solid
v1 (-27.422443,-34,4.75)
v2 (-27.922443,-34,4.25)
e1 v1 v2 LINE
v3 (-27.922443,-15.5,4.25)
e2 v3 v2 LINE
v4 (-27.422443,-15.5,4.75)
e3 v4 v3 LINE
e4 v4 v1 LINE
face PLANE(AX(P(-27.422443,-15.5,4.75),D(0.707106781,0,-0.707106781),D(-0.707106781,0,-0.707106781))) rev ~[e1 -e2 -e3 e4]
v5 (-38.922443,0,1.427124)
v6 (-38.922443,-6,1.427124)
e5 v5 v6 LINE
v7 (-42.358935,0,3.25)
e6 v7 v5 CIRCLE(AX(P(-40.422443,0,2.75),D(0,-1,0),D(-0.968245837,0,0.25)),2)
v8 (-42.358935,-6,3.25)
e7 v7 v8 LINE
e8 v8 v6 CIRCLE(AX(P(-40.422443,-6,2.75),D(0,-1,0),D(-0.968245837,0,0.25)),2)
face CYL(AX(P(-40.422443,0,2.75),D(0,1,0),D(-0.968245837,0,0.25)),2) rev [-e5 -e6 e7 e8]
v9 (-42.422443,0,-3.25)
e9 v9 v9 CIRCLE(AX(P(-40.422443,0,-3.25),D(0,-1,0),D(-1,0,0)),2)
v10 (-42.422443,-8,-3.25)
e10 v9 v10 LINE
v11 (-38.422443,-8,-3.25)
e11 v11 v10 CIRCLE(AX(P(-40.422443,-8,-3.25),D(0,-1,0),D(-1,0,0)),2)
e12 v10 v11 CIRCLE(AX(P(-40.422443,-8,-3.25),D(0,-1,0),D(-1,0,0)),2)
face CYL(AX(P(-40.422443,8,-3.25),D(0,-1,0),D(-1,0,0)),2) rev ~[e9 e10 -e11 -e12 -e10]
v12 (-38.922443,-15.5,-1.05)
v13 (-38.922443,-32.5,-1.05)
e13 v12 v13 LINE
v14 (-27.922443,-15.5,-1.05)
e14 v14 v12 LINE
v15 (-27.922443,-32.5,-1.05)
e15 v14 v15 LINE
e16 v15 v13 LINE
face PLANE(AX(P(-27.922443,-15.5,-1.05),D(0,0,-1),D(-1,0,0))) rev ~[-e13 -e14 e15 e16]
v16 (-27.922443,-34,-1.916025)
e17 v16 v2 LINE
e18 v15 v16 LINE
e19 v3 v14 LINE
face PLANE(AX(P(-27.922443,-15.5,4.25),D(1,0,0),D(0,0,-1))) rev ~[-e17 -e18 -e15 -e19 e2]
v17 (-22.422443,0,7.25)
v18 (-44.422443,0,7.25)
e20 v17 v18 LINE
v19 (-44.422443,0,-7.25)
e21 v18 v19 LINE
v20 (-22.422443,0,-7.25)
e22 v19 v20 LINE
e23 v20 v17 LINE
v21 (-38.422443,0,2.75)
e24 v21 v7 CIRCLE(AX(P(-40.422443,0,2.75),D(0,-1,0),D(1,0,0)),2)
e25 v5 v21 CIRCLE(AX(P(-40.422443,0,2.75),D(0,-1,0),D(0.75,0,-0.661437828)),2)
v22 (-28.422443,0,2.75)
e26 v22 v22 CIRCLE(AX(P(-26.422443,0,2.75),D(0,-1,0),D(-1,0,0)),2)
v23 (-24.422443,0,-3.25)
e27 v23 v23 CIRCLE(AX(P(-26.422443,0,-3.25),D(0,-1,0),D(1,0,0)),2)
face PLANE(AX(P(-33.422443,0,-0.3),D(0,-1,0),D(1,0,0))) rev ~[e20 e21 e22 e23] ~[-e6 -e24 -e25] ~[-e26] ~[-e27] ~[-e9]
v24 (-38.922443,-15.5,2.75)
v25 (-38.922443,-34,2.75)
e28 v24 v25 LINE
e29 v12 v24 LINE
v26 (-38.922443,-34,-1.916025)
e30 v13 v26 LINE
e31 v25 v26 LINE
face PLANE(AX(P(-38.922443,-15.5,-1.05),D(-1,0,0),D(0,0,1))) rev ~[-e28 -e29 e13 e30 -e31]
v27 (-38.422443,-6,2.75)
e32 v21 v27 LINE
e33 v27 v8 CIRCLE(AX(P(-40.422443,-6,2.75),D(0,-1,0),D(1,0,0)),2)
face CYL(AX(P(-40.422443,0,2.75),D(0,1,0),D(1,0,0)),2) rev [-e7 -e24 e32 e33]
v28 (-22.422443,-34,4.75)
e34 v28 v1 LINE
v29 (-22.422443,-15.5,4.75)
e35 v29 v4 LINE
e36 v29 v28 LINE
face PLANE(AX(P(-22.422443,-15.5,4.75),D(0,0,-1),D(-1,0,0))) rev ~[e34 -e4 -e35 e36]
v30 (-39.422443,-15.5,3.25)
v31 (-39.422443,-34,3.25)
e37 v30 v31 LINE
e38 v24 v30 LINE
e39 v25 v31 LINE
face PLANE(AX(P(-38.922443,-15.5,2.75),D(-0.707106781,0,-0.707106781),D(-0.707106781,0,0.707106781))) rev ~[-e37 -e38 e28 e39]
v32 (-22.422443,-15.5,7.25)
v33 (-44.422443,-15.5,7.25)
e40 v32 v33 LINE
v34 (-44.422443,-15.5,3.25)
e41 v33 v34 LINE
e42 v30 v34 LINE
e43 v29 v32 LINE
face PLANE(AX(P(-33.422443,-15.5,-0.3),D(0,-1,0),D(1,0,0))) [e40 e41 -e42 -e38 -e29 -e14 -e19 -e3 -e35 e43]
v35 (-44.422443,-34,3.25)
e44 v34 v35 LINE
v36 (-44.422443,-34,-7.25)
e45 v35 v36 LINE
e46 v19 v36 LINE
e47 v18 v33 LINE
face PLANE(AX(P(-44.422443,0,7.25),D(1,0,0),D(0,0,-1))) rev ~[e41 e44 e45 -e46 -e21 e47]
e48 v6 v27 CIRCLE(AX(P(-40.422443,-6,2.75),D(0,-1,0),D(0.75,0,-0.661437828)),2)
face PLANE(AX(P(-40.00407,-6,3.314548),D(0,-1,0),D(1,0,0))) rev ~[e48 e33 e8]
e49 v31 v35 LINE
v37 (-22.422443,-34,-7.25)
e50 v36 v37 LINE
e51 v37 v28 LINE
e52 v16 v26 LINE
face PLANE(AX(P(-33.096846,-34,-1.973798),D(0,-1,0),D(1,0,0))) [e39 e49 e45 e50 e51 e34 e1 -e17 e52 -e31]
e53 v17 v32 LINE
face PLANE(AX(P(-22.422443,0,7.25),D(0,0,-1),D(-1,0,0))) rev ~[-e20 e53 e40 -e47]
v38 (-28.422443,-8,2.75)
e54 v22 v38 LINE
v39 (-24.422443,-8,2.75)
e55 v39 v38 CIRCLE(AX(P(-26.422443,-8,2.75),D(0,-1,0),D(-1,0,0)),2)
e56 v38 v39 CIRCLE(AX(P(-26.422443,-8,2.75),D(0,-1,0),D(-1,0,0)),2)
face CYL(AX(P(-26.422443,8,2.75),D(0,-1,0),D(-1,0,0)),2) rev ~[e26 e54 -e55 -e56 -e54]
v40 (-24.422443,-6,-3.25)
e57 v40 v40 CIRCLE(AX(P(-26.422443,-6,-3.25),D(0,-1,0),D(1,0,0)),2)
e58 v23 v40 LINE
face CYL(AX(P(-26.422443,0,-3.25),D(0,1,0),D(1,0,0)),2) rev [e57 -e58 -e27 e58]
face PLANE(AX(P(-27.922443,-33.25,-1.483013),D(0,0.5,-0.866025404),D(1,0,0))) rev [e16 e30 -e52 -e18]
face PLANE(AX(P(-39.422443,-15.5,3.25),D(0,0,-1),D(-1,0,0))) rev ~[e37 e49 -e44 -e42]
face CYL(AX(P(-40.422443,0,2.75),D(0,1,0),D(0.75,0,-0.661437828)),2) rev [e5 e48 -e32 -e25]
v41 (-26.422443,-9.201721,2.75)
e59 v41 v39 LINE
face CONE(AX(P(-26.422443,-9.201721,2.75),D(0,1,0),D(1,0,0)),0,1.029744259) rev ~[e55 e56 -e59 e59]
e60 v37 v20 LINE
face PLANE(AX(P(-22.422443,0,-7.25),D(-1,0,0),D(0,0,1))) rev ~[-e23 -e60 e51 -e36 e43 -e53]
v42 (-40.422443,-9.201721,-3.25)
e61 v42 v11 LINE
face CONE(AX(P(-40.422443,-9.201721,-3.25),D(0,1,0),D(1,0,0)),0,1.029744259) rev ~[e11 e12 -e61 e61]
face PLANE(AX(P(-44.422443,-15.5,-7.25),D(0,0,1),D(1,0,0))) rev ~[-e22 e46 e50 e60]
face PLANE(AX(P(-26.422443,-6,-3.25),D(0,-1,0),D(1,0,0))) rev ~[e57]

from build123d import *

# Parameters (mm, degrees)
F0_W     = 11
F0_H     = 1.5
F0_R     = 1.62
F0_R_2   = 2
F1_DEPTH = 15.5
F3_DEPTH = 18.5
F4_D     = 4
F4_DEPTH = 8
F4_TIP   = 1.2017212381
F5_DEPTH = 6
F6_SIZE2 = 0.8660254038
F6_SIZE  = 1.5


with BuildPart() as f1:
    # F0 (on Front) → F1 (new body)
    with BuildSketch(Plane.XZ):
        with Locations((-33.422443, -0.3)):
            Rectangle(F0_W, F0_H)
        with BuildLine():
            ThreePointArc((-42.3589346731, 3.25), (-41.3596463712, 0.9831808692), (-38.922443, 1.4271243445))
            Line((-38.922443, 1.4271243445), (-38.922443, 2.75))
            Line((-38.922443, 2.75), (-39.422443, 3.25))
            Line((-39.422443, 3.25), (-42.3589346731, 3.25))
        make_face()
        with BuildLine():
            Line((-38.922443, 1.4271243445), (-38.922443, 0.45))
            Line((-38.922443, 0.45), (-27.922443, 0.45))
            Line((-27.922443, 0.45), (-27.922443, 1.4271243445))
            Line((-27.922443, 1.4271243445), (-27.922443, 2.1381176584))
            ThreePointArc((-27.922443, 2.1381176584), (-28.042443, 2.75), (-27.922443, 3.3618823416))
            Line((-27.922443, 3.3618823416), (-27.922443, 4.25))
            Line((-27.922443, 4.25), (-27.422443, 4.75))
            Line((-27.422443, 4.75), (-26.4224430007, 4.75))
            Line((-26.4224430007, 4.75), (-22.422443, 4.75))
            Line((-22.422443, 4.75), (-22.422443, 7.25))
            Line((-22.422443, 7.25), (-44.422443, 7.25))
            Line((-44.422443, 7.25), (-44.422443, 3.25))
            Line((-44.422443, 3.25), (-42.3589346731, 3.25))
            ThreePointArc((-42.3589346731, 3.25), (-40.170434415, 4.7340593925), (-38.422443, 2.75))
            ThreePointArc((-38.422443, 2.75), (-38.5516143066, 2.0428932188), (-38.922443, 1.4271243445))
        make_face()
        with BuildLine():
            Line((-38.922443, 2.75), (-38.922443, 1.4271243445))
            ThreePointArc((-38.922443, 1.4271243445), (-38.5516143066, 2.0428932188), (-38.422443, 2.75))
            ThreePointArc((-38.422443, 2.75), (-40.170434415, 4.7340593925), (-42.3589346731, 3.25))
            Line((-42.3589346731, 3.25), (-39.422443, 3.25))
            Line((-39.422443, 3.25), (-38.922443, 2.75))
        make_face()
        with BuildLine():
            Line((-27.922443, 3.3618823416), (-27.922443, 2.1381176584))
            ThreePointArc((-27.922443, 2.1381176584), (-26.1106738546, 1.1602830441), (-24.802443, 2.75))
            ThreePointArc((-24.802443, 2.75), (-26.1106738546, 4.3397169559), (-27.922443, 3.3618823416))
        make_face()
        with BuildLine():
            Line((-27.922443, -1.05), (-38.922443, -1.05))
            Line((-38.922443, -1.05), (-38.922443, 0.45))
            Line((-38.922443, 0.45), (-38.922443, 1.4271243445))
            ThreePointArc((-38.922443, 1.4271243445), (-41.3596463712, 0.9831808692), (-42.3589346731, 3.25))
            Line((-42.3589346731, 3.25), (-44.422443, 3.25))
            Line((-44.422443, 3.25), (-44.422443, -7.25))
            Line((-44.422443, -7.25), (-22.422443, -7.25))
            Line((-22.422443, -7.25), (-22.422443, 4.75))
            Line((-22.422443, 4.75), (-26.4224430007, 4.75))
            ThreePointArc((-26.4224430007, 4.75), (-24.5995673443, 1.9271243448), (-27.922443, 1.4271243445))
            Line((-27.922443, 1.4271243445), (-27.922443, 0.45))
            Line((-27.922443, 0.45), (-27.922443, -1.05))
        make_face()
        with Locations((-40.422443, -3.25)):
            Circle(F0_R, mode=Mode.SUBTRACT)
        with Locations((-26.422443, -3.25)):
            Circle(F0_R_2, mode=Mode.SUBTRACT)
        with Locations((-26.422443, -3.25)):
            Circle(F0_R_2)
        with Locations((-40.422443, -3.25)):
            Circle(F0_R)
        with BuildLine():
            Line((-27.922443, 2.1381176584), (-27.922443, 1.4271243445))
            ThreePointArc((-27.922443, 1.4271243445), (-24.5995673443, 1.9271243448), (-26.4224430007, 4.75))
            Line((-26.4224430007, 4.75), (-27.422443, 4.75))
            Line((-27.422443, 4.75), (-27.922443, 4.25))
            Line((-27.922443, 4.25), (-27.922443, 3.3618823416))
            ThreePointArc((-27.922443, 3.3618823416), (-26.1106738546, 4.3397169559), (-24.802443, 2.75))
            ThreePointArc((-24.802443, 2.75), (-26.1106738546, 1.1602830441), (-27.922443, 2.1381176584))
        make_face()
        with BuildLine():
            ThreePointArc((-27.922443, 3.3618823416), (-28.042443, 2.75), (-27.922443, 2.1381176584))
            Line((-27.922443, 2.1381176584), (-27.922443, 3.3618823416))
        make_face()
    extrude(amount=F1_DEPTH)

    # F2 (on face) → F3 (join)
    with BuildSketch(Plane.XZ.offset(15.5)):
        Polygon((-27.922443, -1.05), (-38.922443, -1.05), (-38.922443, 2.75), (-39.422443, 3.25), (-44.422443, 3.25), (-44.422443, -7.25), (-22.422443, -7.25), (-22.422443, 4.75), (-27.422443, 4.75), (-27.922443, 4.25), align=None)
    extrude(amount=F3_DEPTH)

    # F4
    with Locations(Plane(origin=(0, 0, 0), x_dir=(1, 0, 0), z_dir=(0, 1, 0))):
        with Locations((-40.422443, 3.25), (-26.422443, -2.75)):
            Hole(F4_D / 2, depth=F4_DEPTH)
            with Locations((0, 0, -(F4_DEPTH + F4_TIP / 2))):  # 118° drill point
                Cone(0, F4_D / 2, F4_TIP, mode=Mode.SUBTRACT)

    # F0 (on Front) → F5 (cut)
    with BuildSketch(Plane.XZ):
        with BuildLine():
            Line((-38.922443, 2.75), (-38.922443, 1.4271243445))
            ThreePointArc((-38.922443, 1.4271243445), (-38.5516143066, 2.0428932188), (-38.422443, 2.75))
            ThreePointArc((-38.422443, 2.75), (-40.170434415, 4.7340593925), (-42.3589346731, 3.25))
            Line((-42.3589346731, 3.25), (-39.422443, 3.25))
            Line((-39.422443, 3.25), (-38.922443, 2.75))
        make_face()
        with BuildLine():
            ThreePointArc((-42.3589346731, 3.25), (-41.3596463712, 0.9831808692), (-38.922443, 1.4271243445))
            Line((-38.922443, 1.4271243445), (-38.922443, 2.75))
            Line((-38.922443, 2.75), (-39.422443, 3.25))
            Line((-39.422443, 3.25), (-42.3589346731, 3.25))
        make_face()
        with Locations((-26.422443, -3.25)):
            Circle(F0_R_2)
    extrude(amount=F5_DEPTH, mode=Mode.SUBTRACT)

    # F6
    f6_edges = [f1.edges().sort_by_distance(p)[0] for p in [
        (-33.422443, -34, -1.05),
    ]]
    f6_side = f1.faces().sort_by_distance((-33.422443, -24.75, -1.05))[0]
    chamfer(f6_edges, length=F6_SIZE, length2=F6_SIZE2, reference=f6_side)


solid = f1.part
